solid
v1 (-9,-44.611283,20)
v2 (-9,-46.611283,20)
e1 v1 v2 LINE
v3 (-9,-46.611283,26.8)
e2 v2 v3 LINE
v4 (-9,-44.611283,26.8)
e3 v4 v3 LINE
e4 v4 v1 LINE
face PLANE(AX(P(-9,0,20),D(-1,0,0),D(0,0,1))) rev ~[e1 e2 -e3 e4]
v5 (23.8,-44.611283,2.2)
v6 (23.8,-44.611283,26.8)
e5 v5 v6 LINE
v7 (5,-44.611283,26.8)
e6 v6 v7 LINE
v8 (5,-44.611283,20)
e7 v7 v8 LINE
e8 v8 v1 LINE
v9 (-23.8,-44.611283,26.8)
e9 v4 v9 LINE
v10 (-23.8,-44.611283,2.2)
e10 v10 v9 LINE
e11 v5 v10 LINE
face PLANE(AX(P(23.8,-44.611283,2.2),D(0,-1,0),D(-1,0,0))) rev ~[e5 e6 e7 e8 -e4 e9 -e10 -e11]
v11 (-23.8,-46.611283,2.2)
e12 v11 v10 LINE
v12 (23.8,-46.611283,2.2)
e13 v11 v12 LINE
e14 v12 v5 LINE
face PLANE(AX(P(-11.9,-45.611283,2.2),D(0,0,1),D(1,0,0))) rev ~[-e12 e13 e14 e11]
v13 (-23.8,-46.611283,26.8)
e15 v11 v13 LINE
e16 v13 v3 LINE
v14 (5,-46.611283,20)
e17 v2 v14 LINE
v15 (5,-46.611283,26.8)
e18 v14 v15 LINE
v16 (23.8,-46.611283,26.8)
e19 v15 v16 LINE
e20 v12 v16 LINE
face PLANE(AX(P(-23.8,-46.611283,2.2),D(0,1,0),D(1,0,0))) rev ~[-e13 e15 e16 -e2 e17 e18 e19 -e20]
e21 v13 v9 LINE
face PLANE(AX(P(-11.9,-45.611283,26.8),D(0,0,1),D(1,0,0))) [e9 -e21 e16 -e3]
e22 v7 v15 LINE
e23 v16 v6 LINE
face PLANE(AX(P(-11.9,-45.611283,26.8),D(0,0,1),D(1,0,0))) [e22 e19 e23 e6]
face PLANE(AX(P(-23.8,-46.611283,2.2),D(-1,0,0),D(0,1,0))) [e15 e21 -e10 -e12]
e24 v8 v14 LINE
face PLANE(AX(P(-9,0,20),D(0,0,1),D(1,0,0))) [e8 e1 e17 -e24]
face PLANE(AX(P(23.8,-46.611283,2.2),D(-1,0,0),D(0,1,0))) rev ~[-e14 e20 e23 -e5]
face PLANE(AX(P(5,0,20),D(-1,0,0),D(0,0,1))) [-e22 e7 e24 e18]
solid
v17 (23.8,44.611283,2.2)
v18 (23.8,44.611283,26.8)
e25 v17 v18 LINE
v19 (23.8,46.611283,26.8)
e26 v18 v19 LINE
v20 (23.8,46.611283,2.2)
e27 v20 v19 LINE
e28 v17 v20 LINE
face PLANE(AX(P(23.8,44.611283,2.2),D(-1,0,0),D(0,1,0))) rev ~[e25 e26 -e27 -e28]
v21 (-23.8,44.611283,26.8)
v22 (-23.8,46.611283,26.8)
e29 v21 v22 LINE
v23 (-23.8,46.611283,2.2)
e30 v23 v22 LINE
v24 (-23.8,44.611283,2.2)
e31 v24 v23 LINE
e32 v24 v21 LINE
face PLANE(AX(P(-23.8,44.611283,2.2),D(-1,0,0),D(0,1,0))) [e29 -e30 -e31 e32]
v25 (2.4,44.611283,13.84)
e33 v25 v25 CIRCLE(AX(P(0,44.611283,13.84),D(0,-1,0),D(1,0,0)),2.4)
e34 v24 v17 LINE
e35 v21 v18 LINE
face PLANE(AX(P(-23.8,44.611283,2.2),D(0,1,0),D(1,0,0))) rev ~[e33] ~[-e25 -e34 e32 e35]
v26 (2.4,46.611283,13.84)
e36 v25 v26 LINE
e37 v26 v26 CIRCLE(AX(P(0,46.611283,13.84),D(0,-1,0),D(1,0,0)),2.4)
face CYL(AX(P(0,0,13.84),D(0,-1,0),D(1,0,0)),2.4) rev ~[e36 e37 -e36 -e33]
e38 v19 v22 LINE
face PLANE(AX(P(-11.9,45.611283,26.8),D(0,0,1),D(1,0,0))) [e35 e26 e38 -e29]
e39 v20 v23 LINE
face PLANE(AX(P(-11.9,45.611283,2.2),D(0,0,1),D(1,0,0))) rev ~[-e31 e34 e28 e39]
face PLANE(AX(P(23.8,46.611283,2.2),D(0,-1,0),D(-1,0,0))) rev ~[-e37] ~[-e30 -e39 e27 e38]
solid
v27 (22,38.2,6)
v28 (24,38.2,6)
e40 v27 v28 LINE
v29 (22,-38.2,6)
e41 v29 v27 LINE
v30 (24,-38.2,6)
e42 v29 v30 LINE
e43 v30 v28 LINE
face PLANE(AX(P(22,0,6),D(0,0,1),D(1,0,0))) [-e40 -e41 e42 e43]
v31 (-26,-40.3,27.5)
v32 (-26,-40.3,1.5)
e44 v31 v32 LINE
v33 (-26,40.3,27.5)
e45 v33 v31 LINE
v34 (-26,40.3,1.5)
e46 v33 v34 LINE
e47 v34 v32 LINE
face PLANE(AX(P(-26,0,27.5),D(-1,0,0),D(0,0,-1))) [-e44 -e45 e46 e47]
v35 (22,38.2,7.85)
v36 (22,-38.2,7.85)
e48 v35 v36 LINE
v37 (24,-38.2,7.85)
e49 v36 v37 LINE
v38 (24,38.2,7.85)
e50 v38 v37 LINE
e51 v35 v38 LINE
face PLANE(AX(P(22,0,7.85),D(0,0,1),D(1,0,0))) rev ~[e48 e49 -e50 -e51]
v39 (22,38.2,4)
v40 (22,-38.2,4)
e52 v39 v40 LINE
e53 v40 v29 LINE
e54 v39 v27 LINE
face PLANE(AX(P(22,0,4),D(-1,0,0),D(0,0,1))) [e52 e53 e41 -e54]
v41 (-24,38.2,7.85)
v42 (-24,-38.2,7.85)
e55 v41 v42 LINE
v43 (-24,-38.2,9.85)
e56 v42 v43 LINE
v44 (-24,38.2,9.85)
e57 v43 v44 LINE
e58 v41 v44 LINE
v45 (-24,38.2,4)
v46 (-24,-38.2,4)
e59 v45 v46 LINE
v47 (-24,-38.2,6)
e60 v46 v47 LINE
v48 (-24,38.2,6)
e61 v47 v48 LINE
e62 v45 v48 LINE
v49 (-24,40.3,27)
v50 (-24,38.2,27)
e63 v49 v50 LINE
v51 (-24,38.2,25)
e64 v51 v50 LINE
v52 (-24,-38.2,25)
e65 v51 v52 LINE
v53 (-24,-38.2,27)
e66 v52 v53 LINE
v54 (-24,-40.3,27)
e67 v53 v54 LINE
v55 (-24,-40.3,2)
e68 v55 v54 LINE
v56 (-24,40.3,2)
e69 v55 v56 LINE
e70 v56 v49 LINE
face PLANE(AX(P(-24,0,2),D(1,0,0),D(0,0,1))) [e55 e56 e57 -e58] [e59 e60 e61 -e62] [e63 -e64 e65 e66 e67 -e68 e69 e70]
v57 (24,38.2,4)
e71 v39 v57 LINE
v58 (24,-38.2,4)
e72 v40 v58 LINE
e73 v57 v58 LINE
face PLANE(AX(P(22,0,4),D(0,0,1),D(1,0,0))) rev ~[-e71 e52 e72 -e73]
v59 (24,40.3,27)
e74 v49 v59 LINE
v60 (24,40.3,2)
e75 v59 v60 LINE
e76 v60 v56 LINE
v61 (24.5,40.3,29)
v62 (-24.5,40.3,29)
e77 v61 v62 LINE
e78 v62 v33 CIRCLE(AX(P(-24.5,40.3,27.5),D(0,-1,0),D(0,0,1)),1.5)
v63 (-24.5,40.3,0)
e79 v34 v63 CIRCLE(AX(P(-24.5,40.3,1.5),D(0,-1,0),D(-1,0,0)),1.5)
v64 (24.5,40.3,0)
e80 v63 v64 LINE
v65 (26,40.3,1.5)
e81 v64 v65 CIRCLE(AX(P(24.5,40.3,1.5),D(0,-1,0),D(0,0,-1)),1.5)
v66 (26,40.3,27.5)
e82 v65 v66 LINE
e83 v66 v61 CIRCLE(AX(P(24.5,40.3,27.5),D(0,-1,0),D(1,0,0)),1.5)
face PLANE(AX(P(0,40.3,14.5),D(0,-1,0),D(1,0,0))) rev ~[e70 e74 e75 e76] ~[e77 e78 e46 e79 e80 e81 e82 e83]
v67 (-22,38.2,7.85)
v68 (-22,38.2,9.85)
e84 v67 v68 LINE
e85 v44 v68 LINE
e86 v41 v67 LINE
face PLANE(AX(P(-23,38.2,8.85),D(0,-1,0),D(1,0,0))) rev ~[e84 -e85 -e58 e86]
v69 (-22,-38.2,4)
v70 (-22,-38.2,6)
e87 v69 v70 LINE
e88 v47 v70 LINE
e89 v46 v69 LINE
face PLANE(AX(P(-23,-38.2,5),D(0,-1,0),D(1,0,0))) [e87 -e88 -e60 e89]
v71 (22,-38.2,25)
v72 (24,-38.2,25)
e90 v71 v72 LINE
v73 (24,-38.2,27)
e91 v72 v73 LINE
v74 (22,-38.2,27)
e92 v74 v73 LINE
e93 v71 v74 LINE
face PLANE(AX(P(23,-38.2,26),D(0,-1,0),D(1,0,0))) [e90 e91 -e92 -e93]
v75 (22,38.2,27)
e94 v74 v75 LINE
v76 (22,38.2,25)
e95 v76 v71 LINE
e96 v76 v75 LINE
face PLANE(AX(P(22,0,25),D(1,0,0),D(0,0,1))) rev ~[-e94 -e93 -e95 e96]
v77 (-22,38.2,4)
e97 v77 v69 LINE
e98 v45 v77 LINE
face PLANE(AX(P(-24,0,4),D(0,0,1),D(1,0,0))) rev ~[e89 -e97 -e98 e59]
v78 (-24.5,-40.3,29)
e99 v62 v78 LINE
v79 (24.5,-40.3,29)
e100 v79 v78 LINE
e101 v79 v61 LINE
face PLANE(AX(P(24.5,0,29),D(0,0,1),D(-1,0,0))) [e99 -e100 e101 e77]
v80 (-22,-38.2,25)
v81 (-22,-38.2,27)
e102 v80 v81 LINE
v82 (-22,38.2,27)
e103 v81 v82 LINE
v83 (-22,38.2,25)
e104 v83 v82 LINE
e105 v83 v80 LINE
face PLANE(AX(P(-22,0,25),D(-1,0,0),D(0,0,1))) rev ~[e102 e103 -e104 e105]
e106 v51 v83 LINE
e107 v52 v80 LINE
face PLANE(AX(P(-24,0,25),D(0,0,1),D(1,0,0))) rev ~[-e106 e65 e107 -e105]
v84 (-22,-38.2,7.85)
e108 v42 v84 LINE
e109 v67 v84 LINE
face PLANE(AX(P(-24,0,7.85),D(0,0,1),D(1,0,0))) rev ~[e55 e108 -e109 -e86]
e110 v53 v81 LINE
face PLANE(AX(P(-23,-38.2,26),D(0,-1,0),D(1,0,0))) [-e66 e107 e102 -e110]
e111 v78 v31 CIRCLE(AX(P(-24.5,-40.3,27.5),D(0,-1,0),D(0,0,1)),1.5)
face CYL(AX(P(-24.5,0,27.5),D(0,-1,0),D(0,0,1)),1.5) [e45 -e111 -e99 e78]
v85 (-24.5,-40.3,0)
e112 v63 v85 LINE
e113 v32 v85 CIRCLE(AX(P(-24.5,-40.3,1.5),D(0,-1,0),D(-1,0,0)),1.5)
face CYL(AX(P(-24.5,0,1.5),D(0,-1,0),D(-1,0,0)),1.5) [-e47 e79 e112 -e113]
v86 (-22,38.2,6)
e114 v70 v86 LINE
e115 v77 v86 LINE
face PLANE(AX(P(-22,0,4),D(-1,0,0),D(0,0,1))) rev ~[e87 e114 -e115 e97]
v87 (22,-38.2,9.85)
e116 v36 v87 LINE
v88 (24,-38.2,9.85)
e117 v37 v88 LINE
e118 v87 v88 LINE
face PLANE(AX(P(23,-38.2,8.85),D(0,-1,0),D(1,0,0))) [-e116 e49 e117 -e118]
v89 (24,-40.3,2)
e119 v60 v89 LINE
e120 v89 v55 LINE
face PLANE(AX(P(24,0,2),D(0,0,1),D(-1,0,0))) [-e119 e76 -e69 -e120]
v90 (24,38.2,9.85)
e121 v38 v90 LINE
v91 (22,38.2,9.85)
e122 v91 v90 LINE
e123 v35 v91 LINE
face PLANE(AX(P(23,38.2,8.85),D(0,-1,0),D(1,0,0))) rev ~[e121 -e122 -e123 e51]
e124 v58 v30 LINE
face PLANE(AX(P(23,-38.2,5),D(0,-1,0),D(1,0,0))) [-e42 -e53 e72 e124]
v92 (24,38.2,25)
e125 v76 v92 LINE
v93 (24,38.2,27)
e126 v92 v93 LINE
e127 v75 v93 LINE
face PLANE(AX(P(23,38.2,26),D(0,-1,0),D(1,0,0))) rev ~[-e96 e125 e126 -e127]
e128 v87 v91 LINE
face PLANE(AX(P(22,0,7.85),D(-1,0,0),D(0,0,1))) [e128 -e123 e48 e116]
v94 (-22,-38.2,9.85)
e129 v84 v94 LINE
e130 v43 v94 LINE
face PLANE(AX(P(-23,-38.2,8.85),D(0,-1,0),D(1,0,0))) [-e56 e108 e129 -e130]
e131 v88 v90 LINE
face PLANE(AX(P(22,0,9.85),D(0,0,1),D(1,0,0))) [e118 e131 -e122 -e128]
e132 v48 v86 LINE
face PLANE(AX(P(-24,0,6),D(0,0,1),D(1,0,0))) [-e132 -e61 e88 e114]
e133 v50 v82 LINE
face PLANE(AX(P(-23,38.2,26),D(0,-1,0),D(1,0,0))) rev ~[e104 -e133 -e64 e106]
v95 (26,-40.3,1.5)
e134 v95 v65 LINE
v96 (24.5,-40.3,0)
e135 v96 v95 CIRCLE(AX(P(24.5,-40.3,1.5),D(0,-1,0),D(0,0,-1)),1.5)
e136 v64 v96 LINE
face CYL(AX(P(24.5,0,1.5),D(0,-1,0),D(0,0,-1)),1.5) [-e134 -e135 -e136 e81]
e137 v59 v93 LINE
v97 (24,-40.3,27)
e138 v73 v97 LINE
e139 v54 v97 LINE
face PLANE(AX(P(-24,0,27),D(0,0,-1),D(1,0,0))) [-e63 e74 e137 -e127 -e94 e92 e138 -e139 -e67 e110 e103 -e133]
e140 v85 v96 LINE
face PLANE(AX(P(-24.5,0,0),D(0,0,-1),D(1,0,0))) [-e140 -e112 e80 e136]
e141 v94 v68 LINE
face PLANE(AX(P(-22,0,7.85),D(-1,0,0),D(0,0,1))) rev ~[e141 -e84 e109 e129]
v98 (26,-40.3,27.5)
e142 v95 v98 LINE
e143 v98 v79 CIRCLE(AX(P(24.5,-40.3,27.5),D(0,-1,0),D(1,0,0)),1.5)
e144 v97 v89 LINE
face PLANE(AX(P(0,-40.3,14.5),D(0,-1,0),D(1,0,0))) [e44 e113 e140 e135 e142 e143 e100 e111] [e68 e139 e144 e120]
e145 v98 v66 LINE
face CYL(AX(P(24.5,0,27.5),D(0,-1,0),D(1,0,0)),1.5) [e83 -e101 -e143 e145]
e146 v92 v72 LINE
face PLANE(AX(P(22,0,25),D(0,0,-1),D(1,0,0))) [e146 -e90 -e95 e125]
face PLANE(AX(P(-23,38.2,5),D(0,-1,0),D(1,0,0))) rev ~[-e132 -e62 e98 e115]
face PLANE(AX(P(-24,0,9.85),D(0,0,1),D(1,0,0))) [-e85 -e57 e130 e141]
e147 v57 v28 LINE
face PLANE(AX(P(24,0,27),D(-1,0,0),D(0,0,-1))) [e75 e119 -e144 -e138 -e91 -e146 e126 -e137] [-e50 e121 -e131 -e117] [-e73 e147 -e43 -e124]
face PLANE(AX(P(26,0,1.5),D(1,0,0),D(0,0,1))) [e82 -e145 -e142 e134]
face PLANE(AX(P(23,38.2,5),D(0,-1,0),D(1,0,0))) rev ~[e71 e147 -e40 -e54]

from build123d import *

# Parameters (mm, degrees)
F1_DEPTH = 40.3
F0_W     = 2
F0_H     = 2
F2_DEPTH = 38.2
F4_START = 2.2
F3_W     = 23.8
F3_H     = 2
F4_DEPTH = 24.6
F5_W     = 14
F5_H     = 6.9
F6_DEPTH = 46.8
F7_START = 2.2
F7_DEPTH = 24.6
F8_R     = 2.4
F9_DEPTH = 48


with BuildPart() as f1:
    # F0 (on Front) → F1 (new body, symmetric)
    with BuildSketch(Plane.XZ):
        with BuildLine():
            Line((24.5, 29), (-24.5, 29))
            ThreePointArc((-24.5, 29), (-25.5606601718, 28.5606601718), (-26, 27.5))
            Line((-26, 27.5), (-26, 1.5))
            ThreePointArc((-26, 1.5), (-25.5606601718, 0.4393398282), (-24.5, 0))
            Line((-24.5, 0), (24.5, 0))
            ThreePointArc((24.5, 0), (25.5606601718, 0.4393398282), (26, 1.5))
            Line((26, 1.5), (26, 27.5))
            ThreePointArc((26, 27.5), (25.5606601718, 28.5606601718), (24.5, 29))
        make_face()
        Polygon((-24, 25), (-24, 27), (-22, 27), (22, 27), (24, 27), (24, 25), (24, 9.85), (24, 7.85), (24, 6), (24, 4), (24, 2), (-24, 2), (-24, 4), (-24, 6), (-24, 7.85), (-24, 9.85), align=None, mode=Mode.SUBTRACT)
    extrude(amount=F1_DEPTH, both=True)

    # F0 (on Front) → F2 (join, symmetric)
    with BuildSketch(Plane.XZ):
        with Locations((-23, 8.85)):
            Rectangle(F0_W, F0_H)
        with Locations((-23, 5)):
            Rectangle(F0_W, F0_H)
        with Locations((23, 8.85)):
            Rectangle(F0_W, F0_H)
        with Locations((23, 5)):
            Rectangle(F0_W, F0_H)
        with Locations((-23, 26)):
            Rectangle(F0_W, F0_H)
        with Locations((23, 26)):
            Rectangle(F0_W, F0_H)
    extrude(amount=F2_DEPTH, both=True)


with BuildPart() as f4:
    # F3 (on Top) → F4 (new body)
    with BuildSketch(Plane.XY.offset(F4_START)):
        with Locations((-11.9, -45.6112829745)):
            Rectangle(F3_W, F3_H)
        with Locations((11.9, -45.6112829745)):
            Rectangle(F3_W, F3_H)
    extrude(amount=F4_DEPTH)

    # F5 (on Front) → F6 (cut)
    with BuildSketch(Plane.XZ):
        with Locations((-2, 23.45)):
            Rectangle(F5_W, F5_H)
    extrude(amount=F6_DEPTH, mode=Mode.SUBTRACT)


with BuildPart() as f7:
    # F3 (on Top) → F7 (new body)
    with BuildSketch(Plane.XY.offset(F7_START)):
        with Locations((-11.9, 45.6112829745)):
            Rectangle(F3_W, F3_H)
        with Locations((11.9, 45.6112829745)):
            Rectangle(F3_W, F3_H)
    extrude(amount=F7_DEPTH)

    # F8 (on Front) → F9 (cut)
    with BuildSketch(Plane.XZ):
        with Locations((0, 13.84)):
            Circle(F8_R)
    extrude(amount=-F9_DEPTH, mode=Mode.SUBTRACT)


solid = Compound([f1.part, f4.part, f7.part])
